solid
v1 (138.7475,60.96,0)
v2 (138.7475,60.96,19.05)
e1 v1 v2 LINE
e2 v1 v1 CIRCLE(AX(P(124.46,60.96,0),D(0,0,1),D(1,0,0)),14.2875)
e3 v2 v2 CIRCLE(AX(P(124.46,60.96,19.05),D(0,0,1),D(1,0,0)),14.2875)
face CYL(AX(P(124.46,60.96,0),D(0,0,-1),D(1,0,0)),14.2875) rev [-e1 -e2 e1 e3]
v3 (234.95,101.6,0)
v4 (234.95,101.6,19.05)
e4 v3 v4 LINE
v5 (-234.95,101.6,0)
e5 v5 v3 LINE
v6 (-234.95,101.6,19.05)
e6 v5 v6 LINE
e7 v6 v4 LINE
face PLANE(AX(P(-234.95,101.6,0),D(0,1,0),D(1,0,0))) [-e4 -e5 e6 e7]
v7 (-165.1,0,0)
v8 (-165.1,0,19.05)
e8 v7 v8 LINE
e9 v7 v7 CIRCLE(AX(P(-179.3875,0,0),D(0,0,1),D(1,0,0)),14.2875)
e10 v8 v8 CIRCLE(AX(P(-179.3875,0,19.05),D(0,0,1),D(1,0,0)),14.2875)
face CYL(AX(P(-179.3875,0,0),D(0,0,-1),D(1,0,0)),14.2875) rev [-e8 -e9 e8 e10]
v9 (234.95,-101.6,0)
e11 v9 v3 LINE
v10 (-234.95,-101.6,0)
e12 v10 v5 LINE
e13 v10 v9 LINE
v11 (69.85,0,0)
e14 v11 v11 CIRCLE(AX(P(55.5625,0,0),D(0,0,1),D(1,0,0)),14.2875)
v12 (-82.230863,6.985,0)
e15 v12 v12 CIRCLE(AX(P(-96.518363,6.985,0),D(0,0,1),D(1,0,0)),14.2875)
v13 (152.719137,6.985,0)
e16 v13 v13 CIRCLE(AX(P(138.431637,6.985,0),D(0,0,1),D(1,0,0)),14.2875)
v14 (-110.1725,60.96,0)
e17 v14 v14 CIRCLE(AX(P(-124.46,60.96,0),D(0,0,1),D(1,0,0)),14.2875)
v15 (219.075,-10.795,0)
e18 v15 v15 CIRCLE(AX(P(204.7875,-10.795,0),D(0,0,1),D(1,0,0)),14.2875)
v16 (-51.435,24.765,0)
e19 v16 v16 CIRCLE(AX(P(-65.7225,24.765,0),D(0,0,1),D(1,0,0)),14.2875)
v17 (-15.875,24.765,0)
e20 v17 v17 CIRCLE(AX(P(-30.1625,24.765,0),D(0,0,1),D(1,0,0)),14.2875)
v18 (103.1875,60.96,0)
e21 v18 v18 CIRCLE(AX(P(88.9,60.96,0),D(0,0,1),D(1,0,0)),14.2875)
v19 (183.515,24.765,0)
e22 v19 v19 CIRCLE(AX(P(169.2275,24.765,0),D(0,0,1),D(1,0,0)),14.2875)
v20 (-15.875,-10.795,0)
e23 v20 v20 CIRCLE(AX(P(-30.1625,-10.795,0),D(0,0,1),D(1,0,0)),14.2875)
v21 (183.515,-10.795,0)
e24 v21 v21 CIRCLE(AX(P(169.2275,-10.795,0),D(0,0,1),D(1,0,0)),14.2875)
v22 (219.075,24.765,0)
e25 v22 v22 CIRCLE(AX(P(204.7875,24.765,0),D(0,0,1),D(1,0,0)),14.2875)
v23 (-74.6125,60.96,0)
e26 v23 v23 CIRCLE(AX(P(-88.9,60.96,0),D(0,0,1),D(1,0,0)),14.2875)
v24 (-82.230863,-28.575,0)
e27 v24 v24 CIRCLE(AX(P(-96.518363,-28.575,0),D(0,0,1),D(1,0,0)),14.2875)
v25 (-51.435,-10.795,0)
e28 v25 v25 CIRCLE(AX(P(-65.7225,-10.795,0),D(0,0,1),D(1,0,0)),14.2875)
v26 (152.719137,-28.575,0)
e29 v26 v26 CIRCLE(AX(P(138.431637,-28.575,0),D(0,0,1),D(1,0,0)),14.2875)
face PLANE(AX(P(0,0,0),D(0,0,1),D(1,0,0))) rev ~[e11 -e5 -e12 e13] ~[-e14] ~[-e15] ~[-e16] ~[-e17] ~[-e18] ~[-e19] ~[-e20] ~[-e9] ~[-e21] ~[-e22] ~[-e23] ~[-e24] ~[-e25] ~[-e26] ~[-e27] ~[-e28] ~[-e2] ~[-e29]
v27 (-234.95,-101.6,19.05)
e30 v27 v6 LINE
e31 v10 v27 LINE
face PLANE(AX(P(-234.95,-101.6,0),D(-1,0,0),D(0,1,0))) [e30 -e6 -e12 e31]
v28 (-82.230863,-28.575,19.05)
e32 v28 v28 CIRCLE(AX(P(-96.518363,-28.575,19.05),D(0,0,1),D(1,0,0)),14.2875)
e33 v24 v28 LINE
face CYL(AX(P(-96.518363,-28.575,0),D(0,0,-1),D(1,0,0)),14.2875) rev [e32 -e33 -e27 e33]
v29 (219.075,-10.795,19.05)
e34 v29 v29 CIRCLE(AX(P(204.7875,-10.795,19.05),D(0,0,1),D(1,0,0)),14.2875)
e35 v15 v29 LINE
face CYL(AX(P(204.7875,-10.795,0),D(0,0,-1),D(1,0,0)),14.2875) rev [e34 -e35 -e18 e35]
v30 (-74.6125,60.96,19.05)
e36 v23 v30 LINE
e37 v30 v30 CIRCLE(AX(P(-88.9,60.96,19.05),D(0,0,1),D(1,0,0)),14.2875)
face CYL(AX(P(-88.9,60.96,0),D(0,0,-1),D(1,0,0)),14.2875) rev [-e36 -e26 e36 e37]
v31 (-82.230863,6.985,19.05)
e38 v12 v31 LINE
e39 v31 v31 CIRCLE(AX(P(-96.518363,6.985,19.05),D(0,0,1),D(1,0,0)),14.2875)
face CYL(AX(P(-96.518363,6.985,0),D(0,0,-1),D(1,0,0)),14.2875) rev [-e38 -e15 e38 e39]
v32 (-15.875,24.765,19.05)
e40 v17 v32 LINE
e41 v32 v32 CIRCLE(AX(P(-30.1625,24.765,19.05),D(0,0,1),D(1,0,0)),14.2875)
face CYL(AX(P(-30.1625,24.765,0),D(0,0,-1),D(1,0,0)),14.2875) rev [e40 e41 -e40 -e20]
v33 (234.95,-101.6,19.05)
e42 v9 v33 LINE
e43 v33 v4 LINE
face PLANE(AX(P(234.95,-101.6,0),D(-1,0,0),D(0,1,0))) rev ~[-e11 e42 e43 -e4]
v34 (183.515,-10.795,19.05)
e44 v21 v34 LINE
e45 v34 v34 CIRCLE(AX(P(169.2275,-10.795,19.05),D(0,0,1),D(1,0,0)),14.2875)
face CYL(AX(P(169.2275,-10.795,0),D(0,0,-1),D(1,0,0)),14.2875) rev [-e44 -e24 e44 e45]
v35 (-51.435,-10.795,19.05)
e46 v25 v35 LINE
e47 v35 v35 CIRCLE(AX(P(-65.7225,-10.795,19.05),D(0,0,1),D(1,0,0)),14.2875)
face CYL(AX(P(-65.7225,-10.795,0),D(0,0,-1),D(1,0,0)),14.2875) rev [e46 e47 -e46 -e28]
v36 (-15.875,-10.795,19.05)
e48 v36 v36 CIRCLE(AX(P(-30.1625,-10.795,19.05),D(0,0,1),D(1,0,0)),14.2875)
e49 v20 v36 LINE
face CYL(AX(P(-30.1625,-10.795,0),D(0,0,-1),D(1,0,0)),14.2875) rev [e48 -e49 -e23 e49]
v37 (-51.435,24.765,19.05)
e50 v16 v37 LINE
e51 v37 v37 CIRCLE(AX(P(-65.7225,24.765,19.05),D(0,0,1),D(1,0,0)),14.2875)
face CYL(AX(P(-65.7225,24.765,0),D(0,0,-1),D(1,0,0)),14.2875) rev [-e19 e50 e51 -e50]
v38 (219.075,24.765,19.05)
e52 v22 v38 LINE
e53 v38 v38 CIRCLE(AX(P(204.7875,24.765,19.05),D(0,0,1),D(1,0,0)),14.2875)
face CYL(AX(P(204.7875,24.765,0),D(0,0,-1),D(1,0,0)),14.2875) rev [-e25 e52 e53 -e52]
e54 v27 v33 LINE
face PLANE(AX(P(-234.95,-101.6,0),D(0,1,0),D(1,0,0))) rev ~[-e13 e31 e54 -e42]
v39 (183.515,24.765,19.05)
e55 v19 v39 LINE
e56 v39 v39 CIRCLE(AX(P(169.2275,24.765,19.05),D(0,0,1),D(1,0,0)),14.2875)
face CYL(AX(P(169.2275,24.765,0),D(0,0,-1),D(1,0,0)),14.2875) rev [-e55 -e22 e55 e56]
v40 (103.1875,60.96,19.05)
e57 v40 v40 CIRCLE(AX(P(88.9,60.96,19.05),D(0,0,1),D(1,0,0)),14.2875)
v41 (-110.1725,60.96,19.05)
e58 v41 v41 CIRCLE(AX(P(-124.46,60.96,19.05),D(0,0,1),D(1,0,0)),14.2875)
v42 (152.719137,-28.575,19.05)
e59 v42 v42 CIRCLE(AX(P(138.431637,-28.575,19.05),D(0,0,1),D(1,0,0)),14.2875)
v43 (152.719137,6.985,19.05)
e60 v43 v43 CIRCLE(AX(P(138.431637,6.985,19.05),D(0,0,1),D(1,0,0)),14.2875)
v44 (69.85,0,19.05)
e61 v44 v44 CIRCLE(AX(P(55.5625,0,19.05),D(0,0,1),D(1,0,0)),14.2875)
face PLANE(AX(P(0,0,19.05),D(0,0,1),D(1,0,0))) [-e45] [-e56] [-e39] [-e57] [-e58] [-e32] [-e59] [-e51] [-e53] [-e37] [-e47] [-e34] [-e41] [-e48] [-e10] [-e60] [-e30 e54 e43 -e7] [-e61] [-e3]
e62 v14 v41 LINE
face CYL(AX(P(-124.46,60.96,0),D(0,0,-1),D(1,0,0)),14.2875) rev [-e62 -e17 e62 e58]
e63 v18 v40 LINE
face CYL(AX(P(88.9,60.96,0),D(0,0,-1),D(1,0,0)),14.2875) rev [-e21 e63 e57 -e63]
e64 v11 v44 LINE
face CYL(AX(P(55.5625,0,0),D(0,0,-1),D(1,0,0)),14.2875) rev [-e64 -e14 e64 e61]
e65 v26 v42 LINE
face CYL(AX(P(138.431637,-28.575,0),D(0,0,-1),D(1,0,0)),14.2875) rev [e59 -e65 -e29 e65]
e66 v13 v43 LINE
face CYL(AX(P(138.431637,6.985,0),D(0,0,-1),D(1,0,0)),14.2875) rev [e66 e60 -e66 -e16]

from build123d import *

# Parameters (mm, degrees)
F0_W     = 469.9
F0_H     = 203.2
F0_W_2   = 79.375
F0_H_2   = 88.9
F0_R     = 14.2875
F1_DEPTH = 19.05


with BuildPart() as f1:
    # F0 (on Top) → F1 (new body)
    with BuildSketch(Plane.XY):
        Rectangle(F0_W, F0_H)
        with Locations((-179.3875, 0)):
            Rectangle(F0_W_2, F0_H_2, mode=Mode.SUBTRACT)
        with Locations((-96.518363, -28.575)):
            Circle(F0_R, mode=Mode.SUBTRACT)
        with Locations((-65.7225, -10.795)):
            Circle(F0_R, mode=Mode.SUBTRACT)
        with Locations((-30.1625, -10.795)):
            Circle(F0_R, mode=Mode.SUBTRACT)
        with Locations((55.5625, 0)):
            Rectangle(F0_W_2, F0_H_2, mode=Mode.SUBTRACT)
        with Locations((138.431637, -28.575)):
            Circle(F0_R, mode=Mode.SUBTRACT)
        with Locations((169.2275, -10.795)):
            Circle(F0_R, mode=Mode.SUBTRACT)
        with Locations((204.7875, -10.795)):
            Circle(F0_R, mode=Mode.SUBTRACT)
        with Locations((-96.518363, 6.985)):
            Circle(F0_R, mode=Mode.SUBTRACT)
        with Locations((-65.7225, 24.765)):
            Circle(F0_R, mode=Mode.SUBTRACT)
        with Locations((-30.1625, 24.765)):
            Circle(F0_R, mode=Mode.SUBTRACT)
        with Locations((-124.46, 60.96)):
            Circle(F0_R, mode=Mode.SUBTRACT)
        with Locations((-88.9, 60.96)):
            Circle(F0_R, mode=Mode.SUBTRACT)
        with Locations((138.431637, 6.985)):
            Circle(F0_R, mode=Mode.SUBTRACT)
        with Locations((169.2275, 24.765)):
            Circle(F0_R, mode=Mode.SUBTRACT)
        with Locations((204.7875, 24.765)):
            Circle(F0_R, mode=Mode.SUBTRACT)
        with Locations((88.9, 60.96)):
            Circle(F0_R, mode=Mode.SUBTRACT)
        with Locations((124.46, 60.96)):
            Circle(F0_R, mode=Mode.SUBTRACT)
        with Locations((-179.3875, 0)):
            Rectangle(F0_W_2, F0_H_2)
        with Locations((-179.3875, 0)):
            Circle(F0_R, mode=Mode.SUBTRACT)
        with Locations((55.5625, 0)):
            Rectangle(F0_W_2, F0_H_2)
        with Locations((55.5625, 0)):
            Circle(F0_R, mode=Mode.SUBTRACT)
    extrude(amount=F1_DEPTH)


solid = f1.part
